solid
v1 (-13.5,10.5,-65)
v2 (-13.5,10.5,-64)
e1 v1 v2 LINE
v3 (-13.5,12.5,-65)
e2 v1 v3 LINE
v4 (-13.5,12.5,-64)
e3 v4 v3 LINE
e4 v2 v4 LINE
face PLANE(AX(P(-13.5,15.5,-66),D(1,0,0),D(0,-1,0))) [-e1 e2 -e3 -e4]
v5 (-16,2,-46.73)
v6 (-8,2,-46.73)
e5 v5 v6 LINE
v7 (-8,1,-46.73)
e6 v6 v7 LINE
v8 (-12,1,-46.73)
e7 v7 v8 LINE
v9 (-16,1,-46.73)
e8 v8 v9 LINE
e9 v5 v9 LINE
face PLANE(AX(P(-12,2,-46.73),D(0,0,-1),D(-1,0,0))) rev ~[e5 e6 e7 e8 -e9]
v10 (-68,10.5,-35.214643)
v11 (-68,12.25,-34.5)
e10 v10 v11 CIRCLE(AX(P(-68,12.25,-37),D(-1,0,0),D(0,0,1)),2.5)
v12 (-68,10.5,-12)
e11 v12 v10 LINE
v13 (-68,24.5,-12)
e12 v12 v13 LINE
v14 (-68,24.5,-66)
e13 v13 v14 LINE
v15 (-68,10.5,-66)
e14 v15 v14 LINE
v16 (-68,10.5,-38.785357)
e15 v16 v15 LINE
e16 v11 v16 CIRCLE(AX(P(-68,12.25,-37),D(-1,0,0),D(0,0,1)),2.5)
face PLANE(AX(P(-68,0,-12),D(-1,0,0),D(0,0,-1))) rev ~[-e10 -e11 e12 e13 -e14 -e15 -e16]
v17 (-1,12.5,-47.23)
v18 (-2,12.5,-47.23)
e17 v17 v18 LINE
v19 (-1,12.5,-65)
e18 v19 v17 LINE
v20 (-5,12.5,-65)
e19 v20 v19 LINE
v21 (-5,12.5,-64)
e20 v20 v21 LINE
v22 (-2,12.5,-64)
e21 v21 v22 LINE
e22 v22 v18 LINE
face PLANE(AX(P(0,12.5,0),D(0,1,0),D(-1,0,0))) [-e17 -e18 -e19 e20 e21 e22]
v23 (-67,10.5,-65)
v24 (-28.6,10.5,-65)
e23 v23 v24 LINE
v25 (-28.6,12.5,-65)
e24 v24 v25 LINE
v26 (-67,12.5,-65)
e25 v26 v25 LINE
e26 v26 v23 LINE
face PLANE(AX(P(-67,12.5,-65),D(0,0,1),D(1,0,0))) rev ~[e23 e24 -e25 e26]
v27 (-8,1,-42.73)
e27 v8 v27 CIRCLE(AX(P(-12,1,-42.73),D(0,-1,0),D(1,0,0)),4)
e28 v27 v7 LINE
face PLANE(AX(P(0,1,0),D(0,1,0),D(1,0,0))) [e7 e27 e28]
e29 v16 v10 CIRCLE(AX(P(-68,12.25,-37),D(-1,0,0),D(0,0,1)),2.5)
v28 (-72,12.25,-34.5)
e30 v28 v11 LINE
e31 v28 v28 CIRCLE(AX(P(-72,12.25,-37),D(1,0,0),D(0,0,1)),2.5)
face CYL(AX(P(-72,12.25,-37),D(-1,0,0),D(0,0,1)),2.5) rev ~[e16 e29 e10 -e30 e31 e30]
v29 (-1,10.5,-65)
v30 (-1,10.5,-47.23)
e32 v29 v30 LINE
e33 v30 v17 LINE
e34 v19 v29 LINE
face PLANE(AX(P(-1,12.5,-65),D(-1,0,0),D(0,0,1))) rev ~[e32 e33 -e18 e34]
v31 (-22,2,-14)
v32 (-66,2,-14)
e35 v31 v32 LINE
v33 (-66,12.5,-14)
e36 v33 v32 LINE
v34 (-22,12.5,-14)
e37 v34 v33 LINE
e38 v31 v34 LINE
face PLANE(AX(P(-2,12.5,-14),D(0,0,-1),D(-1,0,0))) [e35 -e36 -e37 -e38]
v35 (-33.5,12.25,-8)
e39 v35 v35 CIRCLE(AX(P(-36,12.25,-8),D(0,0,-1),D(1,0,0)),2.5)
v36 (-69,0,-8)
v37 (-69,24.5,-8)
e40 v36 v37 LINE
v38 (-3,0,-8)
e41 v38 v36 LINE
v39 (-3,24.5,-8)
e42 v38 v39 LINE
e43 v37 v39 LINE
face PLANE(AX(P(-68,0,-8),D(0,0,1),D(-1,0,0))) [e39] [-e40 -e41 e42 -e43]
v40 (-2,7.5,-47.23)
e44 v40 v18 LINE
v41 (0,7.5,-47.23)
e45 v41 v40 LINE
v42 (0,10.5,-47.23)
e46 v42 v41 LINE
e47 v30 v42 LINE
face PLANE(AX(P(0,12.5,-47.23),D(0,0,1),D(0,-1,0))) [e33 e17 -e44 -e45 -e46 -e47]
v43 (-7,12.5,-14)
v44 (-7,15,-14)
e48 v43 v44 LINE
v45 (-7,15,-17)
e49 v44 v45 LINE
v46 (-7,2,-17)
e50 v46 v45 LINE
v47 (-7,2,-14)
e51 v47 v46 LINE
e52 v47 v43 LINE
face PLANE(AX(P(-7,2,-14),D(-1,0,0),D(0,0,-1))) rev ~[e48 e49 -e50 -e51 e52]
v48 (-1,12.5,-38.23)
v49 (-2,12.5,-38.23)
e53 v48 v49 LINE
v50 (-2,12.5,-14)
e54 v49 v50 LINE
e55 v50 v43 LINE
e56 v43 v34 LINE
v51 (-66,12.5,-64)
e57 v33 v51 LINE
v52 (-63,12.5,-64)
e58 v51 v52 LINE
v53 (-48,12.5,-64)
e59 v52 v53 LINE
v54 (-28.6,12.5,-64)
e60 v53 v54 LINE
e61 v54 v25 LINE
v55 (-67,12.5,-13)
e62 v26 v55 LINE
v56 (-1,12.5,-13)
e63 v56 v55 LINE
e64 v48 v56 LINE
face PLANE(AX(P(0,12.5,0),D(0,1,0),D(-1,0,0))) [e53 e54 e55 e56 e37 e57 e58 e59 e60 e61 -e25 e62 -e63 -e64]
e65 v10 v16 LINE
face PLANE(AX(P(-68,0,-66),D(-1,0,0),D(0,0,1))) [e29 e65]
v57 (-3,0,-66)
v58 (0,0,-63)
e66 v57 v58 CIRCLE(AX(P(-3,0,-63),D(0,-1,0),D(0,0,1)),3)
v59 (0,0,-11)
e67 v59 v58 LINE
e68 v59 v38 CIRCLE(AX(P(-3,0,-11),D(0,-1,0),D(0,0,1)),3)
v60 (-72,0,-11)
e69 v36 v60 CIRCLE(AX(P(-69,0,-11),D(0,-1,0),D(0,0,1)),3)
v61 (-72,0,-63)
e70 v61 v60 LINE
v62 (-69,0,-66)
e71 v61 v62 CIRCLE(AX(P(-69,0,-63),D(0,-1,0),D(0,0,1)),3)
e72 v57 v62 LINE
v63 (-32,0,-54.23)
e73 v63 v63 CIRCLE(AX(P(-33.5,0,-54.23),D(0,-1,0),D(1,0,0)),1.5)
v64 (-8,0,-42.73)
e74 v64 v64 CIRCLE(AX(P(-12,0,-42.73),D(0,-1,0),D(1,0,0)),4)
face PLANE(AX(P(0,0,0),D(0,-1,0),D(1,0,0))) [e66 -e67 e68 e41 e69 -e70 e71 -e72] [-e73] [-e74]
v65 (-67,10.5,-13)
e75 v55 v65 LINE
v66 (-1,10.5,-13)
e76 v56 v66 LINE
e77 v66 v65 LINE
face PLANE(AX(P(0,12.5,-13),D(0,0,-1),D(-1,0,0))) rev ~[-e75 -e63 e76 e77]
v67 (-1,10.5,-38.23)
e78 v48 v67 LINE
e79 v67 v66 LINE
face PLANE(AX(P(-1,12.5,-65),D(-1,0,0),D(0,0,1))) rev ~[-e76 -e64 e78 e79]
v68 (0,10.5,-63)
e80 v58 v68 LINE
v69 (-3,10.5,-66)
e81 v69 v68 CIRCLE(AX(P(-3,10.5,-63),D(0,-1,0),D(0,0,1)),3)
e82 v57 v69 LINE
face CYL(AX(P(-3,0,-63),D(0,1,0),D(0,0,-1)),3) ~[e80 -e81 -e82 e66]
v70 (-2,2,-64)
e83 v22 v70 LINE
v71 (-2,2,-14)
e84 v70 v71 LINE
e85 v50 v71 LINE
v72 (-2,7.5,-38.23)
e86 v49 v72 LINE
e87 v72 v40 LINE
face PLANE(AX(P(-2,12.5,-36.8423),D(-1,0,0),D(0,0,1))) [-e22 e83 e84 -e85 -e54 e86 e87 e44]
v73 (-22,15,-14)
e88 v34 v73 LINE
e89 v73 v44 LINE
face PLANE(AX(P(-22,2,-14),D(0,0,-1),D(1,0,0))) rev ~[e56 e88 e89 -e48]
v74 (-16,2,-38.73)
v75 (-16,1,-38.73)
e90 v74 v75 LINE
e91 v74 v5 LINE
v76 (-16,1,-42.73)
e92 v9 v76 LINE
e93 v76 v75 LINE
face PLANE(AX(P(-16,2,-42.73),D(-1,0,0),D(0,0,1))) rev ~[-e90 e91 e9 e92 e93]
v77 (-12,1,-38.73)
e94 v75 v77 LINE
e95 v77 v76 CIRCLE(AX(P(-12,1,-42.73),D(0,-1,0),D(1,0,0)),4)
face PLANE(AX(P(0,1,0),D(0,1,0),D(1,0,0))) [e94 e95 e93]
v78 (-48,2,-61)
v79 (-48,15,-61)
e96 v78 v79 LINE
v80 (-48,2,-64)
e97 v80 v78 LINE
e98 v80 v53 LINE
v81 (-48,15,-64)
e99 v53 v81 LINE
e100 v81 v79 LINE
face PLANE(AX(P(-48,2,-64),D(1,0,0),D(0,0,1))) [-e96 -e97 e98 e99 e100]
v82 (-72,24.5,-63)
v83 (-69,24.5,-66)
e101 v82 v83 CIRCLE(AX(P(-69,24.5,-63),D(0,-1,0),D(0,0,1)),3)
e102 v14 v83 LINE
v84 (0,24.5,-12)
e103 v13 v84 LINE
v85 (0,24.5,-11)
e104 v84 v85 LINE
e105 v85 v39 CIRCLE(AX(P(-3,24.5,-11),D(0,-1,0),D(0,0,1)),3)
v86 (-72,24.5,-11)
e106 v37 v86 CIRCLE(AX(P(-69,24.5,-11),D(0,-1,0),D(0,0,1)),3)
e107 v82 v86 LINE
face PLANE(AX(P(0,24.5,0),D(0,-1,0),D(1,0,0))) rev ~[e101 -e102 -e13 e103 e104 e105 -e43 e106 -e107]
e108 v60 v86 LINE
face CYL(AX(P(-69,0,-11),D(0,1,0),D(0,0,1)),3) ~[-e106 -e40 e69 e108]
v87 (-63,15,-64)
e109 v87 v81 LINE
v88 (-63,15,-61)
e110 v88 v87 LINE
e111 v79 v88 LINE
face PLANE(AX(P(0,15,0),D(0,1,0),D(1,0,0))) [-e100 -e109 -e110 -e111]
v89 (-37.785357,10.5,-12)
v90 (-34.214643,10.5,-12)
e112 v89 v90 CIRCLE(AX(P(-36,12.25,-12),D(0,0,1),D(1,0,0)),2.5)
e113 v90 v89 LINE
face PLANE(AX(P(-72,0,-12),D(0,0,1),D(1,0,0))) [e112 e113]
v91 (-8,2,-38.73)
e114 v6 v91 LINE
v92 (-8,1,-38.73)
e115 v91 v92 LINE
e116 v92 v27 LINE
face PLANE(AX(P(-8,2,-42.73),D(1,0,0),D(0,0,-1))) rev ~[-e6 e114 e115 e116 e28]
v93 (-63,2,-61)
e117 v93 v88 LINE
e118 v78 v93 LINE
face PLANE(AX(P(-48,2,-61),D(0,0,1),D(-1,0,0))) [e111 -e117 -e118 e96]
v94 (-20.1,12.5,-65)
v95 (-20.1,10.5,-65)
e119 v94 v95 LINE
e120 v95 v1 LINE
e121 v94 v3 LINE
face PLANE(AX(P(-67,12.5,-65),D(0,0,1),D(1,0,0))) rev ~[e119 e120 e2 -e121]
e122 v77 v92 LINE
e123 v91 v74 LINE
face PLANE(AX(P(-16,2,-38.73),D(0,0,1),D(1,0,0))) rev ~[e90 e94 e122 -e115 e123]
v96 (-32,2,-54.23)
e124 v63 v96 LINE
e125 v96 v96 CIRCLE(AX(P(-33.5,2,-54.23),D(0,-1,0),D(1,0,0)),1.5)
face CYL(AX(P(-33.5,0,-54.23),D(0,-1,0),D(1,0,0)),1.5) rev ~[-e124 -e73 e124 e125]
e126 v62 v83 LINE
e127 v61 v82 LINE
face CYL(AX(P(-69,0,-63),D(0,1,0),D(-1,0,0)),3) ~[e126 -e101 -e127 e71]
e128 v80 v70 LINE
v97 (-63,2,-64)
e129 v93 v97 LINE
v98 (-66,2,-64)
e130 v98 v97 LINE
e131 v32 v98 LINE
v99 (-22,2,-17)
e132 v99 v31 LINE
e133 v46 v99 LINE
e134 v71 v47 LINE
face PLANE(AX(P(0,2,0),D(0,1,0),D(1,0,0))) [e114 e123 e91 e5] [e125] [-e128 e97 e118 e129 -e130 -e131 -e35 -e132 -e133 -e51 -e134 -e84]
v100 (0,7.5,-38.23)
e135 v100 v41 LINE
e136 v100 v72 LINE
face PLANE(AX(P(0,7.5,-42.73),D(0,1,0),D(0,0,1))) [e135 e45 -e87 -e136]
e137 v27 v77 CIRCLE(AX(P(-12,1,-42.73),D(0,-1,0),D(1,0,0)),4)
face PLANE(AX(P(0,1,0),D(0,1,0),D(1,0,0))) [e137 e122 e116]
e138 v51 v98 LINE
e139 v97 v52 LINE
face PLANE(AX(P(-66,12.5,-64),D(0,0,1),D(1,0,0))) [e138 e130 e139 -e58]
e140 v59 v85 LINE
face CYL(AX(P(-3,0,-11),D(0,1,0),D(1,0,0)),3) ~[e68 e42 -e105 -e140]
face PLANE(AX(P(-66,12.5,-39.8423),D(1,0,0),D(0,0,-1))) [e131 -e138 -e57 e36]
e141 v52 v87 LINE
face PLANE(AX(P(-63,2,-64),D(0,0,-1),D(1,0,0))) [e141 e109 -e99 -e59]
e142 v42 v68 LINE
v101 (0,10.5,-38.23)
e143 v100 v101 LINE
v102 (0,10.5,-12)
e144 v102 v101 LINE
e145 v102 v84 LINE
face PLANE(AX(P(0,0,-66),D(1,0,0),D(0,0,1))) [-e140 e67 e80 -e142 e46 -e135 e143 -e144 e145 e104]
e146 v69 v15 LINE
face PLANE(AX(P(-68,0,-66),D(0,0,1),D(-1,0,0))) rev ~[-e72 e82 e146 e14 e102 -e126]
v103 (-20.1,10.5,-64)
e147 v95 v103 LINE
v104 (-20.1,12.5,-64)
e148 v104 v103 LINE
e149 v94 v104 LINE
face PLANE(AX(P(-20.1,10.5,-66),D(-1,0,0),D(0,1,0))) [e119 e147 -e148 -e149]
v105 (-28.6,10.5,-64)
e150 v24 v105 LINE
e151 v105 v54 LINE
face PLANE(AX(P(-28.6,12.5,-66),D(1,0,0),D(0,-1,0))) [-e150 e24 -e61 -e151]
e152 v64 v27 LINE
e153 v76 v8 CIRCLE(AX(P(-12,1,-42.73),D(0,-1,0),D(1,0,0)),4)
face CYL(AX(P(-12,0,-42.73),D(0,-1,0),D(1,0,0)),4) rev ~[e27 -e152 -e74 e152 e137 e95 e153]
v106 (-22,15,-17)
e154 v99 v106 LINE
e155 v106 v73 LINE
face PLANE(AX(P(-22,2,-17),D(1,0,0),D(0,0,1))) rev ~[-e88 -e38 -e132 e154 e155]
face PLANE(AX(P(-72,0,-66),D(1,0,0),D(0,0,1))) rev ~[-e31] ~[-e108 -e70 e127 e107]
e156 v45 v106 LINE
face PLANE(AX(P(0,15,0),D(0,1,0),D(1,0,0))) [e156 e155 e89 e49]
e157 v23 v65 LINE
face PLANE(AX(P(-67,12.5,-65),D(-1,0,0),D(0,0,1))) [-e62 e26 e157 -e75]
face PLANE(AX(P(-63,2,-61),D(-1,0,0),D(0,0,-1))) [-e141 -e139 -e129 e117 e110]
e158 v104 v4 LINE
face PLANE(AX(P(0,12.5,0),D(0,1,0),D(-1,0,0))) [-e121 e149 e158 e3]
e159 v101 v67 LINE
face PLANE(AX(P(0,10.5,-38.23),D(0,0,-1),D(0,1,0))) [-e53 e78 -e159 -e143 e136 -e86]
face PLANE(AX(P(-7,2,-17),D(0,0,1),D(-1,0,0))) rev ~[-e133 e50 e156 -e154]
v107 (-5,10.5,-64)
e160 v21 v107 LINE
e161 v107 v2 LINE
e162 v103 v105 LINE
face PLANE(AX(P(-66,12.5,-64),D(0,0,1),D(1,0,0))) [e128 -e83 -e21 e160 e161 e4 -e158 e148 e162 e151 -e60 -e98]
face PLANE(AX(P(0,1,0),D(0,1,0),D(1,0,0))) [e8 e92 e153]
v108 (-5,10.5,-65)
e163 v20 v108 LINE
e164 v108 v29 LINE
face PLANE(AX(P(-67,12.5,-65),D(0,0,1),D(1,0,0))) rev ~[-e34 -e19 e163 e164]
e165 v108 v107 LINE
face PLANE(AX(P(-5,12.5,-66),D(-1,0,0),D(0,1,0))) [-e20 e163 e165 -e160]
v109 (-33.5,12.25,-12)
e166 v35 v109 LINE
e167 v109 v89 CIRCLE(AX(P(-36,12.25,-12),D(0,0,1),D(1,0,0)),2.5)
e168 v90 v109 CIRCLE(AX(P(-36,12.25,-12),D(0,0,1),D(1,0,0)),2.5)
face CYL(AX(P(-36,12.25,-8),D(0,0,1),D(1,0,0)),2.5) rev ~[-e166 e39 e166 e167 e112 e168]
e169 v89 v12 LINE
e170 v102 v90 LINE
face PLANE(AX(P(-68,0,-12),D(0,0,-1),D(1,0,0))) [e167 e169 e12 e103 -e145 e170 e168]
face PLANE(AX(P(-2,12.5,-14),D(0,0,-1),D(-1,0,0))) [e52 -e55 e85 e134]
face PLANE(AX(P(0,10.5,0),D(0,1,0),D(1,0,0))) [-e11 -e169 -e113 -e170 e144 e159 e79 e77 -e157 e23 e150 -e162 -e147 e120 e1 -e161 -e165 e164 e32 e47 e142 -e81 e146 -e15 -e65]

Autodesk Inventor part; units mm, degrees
ref_plane "YZ Plane" through (0, 0, 0) normal (1, 0, 0) x (0, 1, 0)
ref_plane "XZ Plane" through (0, 0, 0) normal (0, 1, 0) x (-1, 0, 0)
ref_plane "XY Plane" through (0, 0, 0) normal (0, 0, 1) x (1, 0, 0)
sketch "Sketch1" plane through (0, 0, 0) normal (0, 1, 0) x (-1, 0, 0)
  point P0 (0, 0)
sketch "Sketch2" plane through (0, 0, 0) normal (0, 1, 0) x (-1, 0, 0)
  line L0 (68, -12) -> (68, -66)
  line L1 (68, -66) -> (0, -66)
  line L2 (0, -66) -> (0, -12)
  line L3 (68, -12) -> (0, -12)
  point P0 (0, 0)
  dimension "d0" = 68
  dimension "d138" = 54
extrude "Extrusion1" add sketch "Sketch2" along normal blind 12.5
sketch "Sketch3" plane through (0, 12.5, 0) normal (0, 1, 0) x (1, 0, 0)
  point P0 (-68, 66)
sketch "Sketch4" plane through (0, 12.5, 0) normal (0, 1, 0) x (1, 0, 0)
  line L0 (0, 66) -> (-68, 66) projected
  line L1 (-30.4814, 66) -> (-28.4814, 66)
  line L2 (-28.4814, 66) -> (-28.4814, 64)
  line L3 (-68, 66) -> (-68, 12) projected
  line L4 (-68, 37.8423) -> (-68, 39.8423)
  line L5 (-68, 39.8423) -> (-66, 39.8423)
  line L6 (0, 38.8423) -> (0, 36.8423)
  line L7 (0, 36.8423) -> (-2, 36.8423)
  line L8 (-66, 64) -> (-2, 64)
  line L9 (-2, 64) -> (-2, 14)
  line L10 (-2, 14) -> (-66, 14)
  line L11 (-66, 14) -> (-66, 64)
  dimension "d5" = 2
  dimension "d6" = 2
  dimension "d7" = 2
  dimension "d11" = 2
  dimension "d75" = 2
  dimension "d132" = 50
  dimension "d133" = 64
extrude "Extrusion2" cut sketch "Sketch4" against normal blind 10.5 contours L8 L9 L10 L11
sketch "Sketch7" plane through (0, 12.5, 0) normal (0, 1, 0) x (1, 0, 0)
  line L0 (-68, 66) -> (-67, 66)
  line L1 (-68, 66) -> (-6, 66)
  line L2 (-68, 65) -> (-68, 66)
  line L3 (0, 66) -> (-7, 66)
  line L4 (-67, 65) -> (-1, 65)
  line L5 (0, 66) -> (-68, 66) projected
  line L6 (-68, 66) -> (0, 66)
  line L7 (0, 12) -> (0, 66) projected
  line L8 (0, 12) -> (-1, 12)
  line L9 (-1, 66) -> (0, 66)
  line L10 (0, 66) -> (0, 12)
  line L11 (0, 12) -> (-1, 12)
  line L12 (-68, 12) -> (0, 12) projected
  line L13 (-1, 65) -> (-1, 12)
  line L14 (0, 12) -> (-1, 12)
  line L15 (-67, 65) -> (-67, 12)
  line L16 (-68, 66) -> (-68, 12) projected
  line L17 (-67, 12) -> (-68, 12)
  line L18 (-68, 12) -> (-68, 66)
  dimension "d76" = 1
  dimension "d139" = 1
  dimension "d140" = 1
extrude "Extrusion3" cut sketch "Sketch7" against normal blind 2 contours L0 L1 L3 L7 L8 L13 L4 L15 L12 L16 L2
sketch "Sketch8" plane through (0, 12.5, 0) normal (0, 1, 0) x (1, 0, 0)
  line L0 (0, 12) -> (0, 13)
  line L1 (0, 13) -> (-68, 13)
  line L2 (0, 12) -> (-68, 12)
  line L3 (-68, 12) -> (-68, 13)
  line L4 (-67, 12) -> (-1, 12) projected
  point P0 (0, 0)
  point P1 (-70, 0)
  dimension "d46" = 68
  dimension "d141" = 1
extrude "Extrusion4" cut sketch "Sketch8" against normal blind 2
sketch "Sketch10" plane through (0, 2, 0) normal (0, 1, 0) x (1, 0, 0)
  line L0 (-31, 2) -> (-41, 2)
  line L1 (-63, 64) -> (-48, 64)
  line L2 (-48, 64) -> (-48, 61)
  line L3 (-48, 61) -> (-63, 61)
  line L4 (-63, 61) -> (-63, 64)
  line L5 (-22, 14) -> (-7, 14)
  line L6 (-7, 14) -> (-7, 17)
  line L7 (-7, 17) -> (-22, 17)
  line L8 (-22, 17) -> (-22, 14)
  line L9 (-66, 14) -> (-66, 64) projected
  line L10 (-2, 14) -> (-66, 14) projected
  line L11 (-66, 64) -> (-2, 64)
  line L12 (-2, 64) -> (-2, 14)
  line L13 (-2, 14) -> (-66, 14)
  line L14 (-66, 14) -> (-66, 64)
  point P0 (0, 0)
  point P1 (-21, 64)
  dimension "d57" = 15
  dimension "d58" = 3
  dimension "d61" = 15
  dimension "d79" = 3
extrude "Extrusion5" add sketch "Sketch10" along normal blind 13 contours L1 L2 L3 L4 | L8 L7 L6 L5
sketch "Sketch11" plane through (0, 0, 0) normal (0, -1, 0) x (1, 0, 0)
  circle A0 centre (-12, -42.73) radius 4
  circle A1 centre (-33.5, -54.23) radius 1.5
  line L0 (0, 0) -> (0, -66) projected
  line L1 (0, -66) -> (-68, -66) projected
  line L2 (-2, -64) -> (-2, -14) projected
  dimension "d85" = 23.27
  dimension "d86" = 21.5
  dimension "d88" = 8
  dimension "d89" = 3
  dimension "d119" = 11.5
  dimension "d120" = 10
extrude "Extrusion6" cut sketch "Sketch11" against normal blind 9
sketch "Sketch12" plane through (0, 0, 0) normal (0, -1, 0) x (1, 0, 0)
  line L0 (-68, -12) -> (-68, -66) projected
  line L1 (0, -12) -> (0, -8)
  line L2 (0, -8) -> (-68, -8)
  line L3 (-68, -12) -> (0, -12)
  line L4 (0, -12) -> (-68, -12) projected
  line L5 (-68, -66) -> (-68, -12) projected
  line L6 (-68, -66) -> (-72, -66)
  line L7 (-68, -12) -> (-68, -66)
  line L8 (-72, -66) -> (-72, -12)
  line L9 (-68, -8) -> (-72, -8)
  line L10 (-72, -8) -> (-72, -12.2471)
  point P0 (0, 0)
  point P1 (-70, 0)
  dimension "d81" = 4
  dimension "d144" = 0
extrude "Extrusion7" add sketch "Sketch12" against normal blind 24.5
sketch "Sketch15" plane through (0, 0, -66) normal (1, 0, 0) x (0, 0, -1)
  line L0 (-27.77, 12.5) -> (-18.77, 12.5)
  line L1 (-18.77, 12.5) -> (-18.77, 7.5)
  line L2 (-18.77, 7.5) -> (-27.77, 7.5)
  line L3 (-27.77, 7.5) -> (-27.77, 12.5)
  line L4 (-54, 0) -> (-54, 24.5) projected
  line L5 (0, 0) -> (0, 10.5) projected
  line L6 (0, 0) -> (-58, 0) projected
  line L7 (0, 10.5) -> (-54, 10.5) projected
  line L8 (-23.27, -7.8454) -> (-23.27, 0)
  line L9 (-23.27, 0) -> (-23.27, 10.5)
  line L10 (-53, 12.5) -> (-1, 12.5) projected
  point P0 (-66, 0)
  point P1 (-66, 14.75)
  point P2 (0, 16.75)
  point P3 (-1, 12.5)
  dimension "d108" = 9
  dimension "d109" = 5
  dimension "d111" = 27.77
  dimension "d174" = 0
extrude "Extrusion9" cut sketch "Sketch15" against normal blind 10 contours L0 L1 L7 L3 | L7 L9 L2 L3 | L1 L2 L9 L7
fillet "Fillet7" radius 3 1 edges at (0, 5.25, -66)
fillet "Fillet9" radius 3 1 edges at (0, 12.25, -8)
sketch "Sketch17" plane through (-3, 0, -66) normal (0, 0, -1) x (-1, 0, 0)
  line L0 (2, 15.5) -> (10.5, 15.5)
  line L1 (10.5, 15.5) -> (10.5, 10.5)
  line L2 (10.5, 10.5) -> (2, 10.5)
  line L3 (2, 10.5) -> (2, 15.5)
  line L4 (17.1, 15.5) -> (25.6, 15.5)
  line L5 (25.6, 15.5) -> (25.6, 10.5)
  line L6 (25.6, 10.5) -> (17.1, 10.5)
  line L7 (17.1, 10.5) -> (17.1, 15.5)
  line L8 (66, 0) -> (66, 10.5) projected
  line L9 (-2, 12.5) -> (64, 12.5) projected
  line L10 (65, 10.5) -> (0, 10.5) projected
  line L11 (-3, 10.5) -> (-3, 0) projected
  point P0 (64, 10.5)
  dimension "d151" = 8.5
  dimension "d152" = 8.5
  dimension "d153" = 5
  dimension "d157" = 0
  dimension "d158" = 13.5
  dimension "d160" = 28.6
extrude "Extrusion11" cut sketch "Sketch17" against normal blind 10 contours L0 L1 L9 L3 | L9 L1 L2 L3 | L9 L5 L6 L7 | L7 L4 L5 L9
sketch "Sketch18" plane through (0, 2, 0) normal (0, 1, 0) x (1, 0, 0)
  circle A0 centre (-12, 42.73) radius 4 projected
  line L0 (-12, 38.73) -> (-8, 38.73)
  line L1 (-8, 38.73) -> (-8, 46.73)
  line L2 (-8, 46.73) -> (-16, 46.73)
  line L3 (-16, 46.73) -> (-16, 38.73)
  line L4 (-16, 38.73) -> (-12, 38.73)
  point P0 (0, 0)
  dimension "d169" = 4
  dimension "d170" = 8
  dimension "d171" = 8
extrude "Extrusion12" cut sketch "Sketch18" against normal blind 1
sketch "Sketch19" plane through (-72, 0, -8) normal (0, 0, 1) x (1, 0, 0)
  line L0 (0, 24.5) -> (69, 24.5) projected
  line L1 (69, 0) -> (0, 0) projected
  line L2 (0, 24.5) -> (0, 0)
  line L3 (0, 0) -> (0, 24.5) projected
  line L4 (0, 12.25) -> (70, 12.25)
  line L5 (4, 10.5) -> (69, 10.5) projected
  line L6 (72, 10.5) -> (72, 0) projected
  line L7 (0, 0) -> (72, 0)
  line L8 (0, 4.6147) -> (36, 4.6147)
  line L9 (36, 4.6147) -> (36, 24.5)
  line L10 (72, 24.5) -> (4, 24.5) projected
  circle A0 centre (36, 12.25) radius 2.5
  dimension "d177" = 36
  dimension "d178" = 5
extrude "Extrusion13" cut sketch "Sketch19" against normal blind 4 contours A0 L9 L4 | L4 L9 L5 A0 | A0 L4 L9 | L4 A0 L5 L9 | L5 L9 A0 | L9 L5 A0
sketch "Sketch20" plane through (-72, 0, -66) normal (-1, 0, 0) x (0, 0, 1)
  line L0 (0, 0) -> (0, 24.5) projected
  line L1 (0, 12.25) -> (58, 12.25)
  line L2 (58, 24.5) -> (58, 0) projected
  line L3 (3, 0) -> (55, 0) projected
  line L4 (29, 0) -> (29, 24.5)
  line L5 (54, 24.5) -> (0, 24.5) projected
  circle A0 centre (29, 12.25) radius 2.5
  point P0 (66, 0)
  dimension "d181" = 5
extrude "Extrusion14" cut sketch "Sketch20" against normal blind 4 contours A0 L4 L1 | L1 L4 A0 | L4 A0 L1 | L1 A0 L4
fillet "Fillet12" radius 3 1 edges at (-72, 12.25, -8)
fillet "Fillet13" radius 3 1 edges at (-72, 12.25, -66)
properties part number "Shell 4 top"
